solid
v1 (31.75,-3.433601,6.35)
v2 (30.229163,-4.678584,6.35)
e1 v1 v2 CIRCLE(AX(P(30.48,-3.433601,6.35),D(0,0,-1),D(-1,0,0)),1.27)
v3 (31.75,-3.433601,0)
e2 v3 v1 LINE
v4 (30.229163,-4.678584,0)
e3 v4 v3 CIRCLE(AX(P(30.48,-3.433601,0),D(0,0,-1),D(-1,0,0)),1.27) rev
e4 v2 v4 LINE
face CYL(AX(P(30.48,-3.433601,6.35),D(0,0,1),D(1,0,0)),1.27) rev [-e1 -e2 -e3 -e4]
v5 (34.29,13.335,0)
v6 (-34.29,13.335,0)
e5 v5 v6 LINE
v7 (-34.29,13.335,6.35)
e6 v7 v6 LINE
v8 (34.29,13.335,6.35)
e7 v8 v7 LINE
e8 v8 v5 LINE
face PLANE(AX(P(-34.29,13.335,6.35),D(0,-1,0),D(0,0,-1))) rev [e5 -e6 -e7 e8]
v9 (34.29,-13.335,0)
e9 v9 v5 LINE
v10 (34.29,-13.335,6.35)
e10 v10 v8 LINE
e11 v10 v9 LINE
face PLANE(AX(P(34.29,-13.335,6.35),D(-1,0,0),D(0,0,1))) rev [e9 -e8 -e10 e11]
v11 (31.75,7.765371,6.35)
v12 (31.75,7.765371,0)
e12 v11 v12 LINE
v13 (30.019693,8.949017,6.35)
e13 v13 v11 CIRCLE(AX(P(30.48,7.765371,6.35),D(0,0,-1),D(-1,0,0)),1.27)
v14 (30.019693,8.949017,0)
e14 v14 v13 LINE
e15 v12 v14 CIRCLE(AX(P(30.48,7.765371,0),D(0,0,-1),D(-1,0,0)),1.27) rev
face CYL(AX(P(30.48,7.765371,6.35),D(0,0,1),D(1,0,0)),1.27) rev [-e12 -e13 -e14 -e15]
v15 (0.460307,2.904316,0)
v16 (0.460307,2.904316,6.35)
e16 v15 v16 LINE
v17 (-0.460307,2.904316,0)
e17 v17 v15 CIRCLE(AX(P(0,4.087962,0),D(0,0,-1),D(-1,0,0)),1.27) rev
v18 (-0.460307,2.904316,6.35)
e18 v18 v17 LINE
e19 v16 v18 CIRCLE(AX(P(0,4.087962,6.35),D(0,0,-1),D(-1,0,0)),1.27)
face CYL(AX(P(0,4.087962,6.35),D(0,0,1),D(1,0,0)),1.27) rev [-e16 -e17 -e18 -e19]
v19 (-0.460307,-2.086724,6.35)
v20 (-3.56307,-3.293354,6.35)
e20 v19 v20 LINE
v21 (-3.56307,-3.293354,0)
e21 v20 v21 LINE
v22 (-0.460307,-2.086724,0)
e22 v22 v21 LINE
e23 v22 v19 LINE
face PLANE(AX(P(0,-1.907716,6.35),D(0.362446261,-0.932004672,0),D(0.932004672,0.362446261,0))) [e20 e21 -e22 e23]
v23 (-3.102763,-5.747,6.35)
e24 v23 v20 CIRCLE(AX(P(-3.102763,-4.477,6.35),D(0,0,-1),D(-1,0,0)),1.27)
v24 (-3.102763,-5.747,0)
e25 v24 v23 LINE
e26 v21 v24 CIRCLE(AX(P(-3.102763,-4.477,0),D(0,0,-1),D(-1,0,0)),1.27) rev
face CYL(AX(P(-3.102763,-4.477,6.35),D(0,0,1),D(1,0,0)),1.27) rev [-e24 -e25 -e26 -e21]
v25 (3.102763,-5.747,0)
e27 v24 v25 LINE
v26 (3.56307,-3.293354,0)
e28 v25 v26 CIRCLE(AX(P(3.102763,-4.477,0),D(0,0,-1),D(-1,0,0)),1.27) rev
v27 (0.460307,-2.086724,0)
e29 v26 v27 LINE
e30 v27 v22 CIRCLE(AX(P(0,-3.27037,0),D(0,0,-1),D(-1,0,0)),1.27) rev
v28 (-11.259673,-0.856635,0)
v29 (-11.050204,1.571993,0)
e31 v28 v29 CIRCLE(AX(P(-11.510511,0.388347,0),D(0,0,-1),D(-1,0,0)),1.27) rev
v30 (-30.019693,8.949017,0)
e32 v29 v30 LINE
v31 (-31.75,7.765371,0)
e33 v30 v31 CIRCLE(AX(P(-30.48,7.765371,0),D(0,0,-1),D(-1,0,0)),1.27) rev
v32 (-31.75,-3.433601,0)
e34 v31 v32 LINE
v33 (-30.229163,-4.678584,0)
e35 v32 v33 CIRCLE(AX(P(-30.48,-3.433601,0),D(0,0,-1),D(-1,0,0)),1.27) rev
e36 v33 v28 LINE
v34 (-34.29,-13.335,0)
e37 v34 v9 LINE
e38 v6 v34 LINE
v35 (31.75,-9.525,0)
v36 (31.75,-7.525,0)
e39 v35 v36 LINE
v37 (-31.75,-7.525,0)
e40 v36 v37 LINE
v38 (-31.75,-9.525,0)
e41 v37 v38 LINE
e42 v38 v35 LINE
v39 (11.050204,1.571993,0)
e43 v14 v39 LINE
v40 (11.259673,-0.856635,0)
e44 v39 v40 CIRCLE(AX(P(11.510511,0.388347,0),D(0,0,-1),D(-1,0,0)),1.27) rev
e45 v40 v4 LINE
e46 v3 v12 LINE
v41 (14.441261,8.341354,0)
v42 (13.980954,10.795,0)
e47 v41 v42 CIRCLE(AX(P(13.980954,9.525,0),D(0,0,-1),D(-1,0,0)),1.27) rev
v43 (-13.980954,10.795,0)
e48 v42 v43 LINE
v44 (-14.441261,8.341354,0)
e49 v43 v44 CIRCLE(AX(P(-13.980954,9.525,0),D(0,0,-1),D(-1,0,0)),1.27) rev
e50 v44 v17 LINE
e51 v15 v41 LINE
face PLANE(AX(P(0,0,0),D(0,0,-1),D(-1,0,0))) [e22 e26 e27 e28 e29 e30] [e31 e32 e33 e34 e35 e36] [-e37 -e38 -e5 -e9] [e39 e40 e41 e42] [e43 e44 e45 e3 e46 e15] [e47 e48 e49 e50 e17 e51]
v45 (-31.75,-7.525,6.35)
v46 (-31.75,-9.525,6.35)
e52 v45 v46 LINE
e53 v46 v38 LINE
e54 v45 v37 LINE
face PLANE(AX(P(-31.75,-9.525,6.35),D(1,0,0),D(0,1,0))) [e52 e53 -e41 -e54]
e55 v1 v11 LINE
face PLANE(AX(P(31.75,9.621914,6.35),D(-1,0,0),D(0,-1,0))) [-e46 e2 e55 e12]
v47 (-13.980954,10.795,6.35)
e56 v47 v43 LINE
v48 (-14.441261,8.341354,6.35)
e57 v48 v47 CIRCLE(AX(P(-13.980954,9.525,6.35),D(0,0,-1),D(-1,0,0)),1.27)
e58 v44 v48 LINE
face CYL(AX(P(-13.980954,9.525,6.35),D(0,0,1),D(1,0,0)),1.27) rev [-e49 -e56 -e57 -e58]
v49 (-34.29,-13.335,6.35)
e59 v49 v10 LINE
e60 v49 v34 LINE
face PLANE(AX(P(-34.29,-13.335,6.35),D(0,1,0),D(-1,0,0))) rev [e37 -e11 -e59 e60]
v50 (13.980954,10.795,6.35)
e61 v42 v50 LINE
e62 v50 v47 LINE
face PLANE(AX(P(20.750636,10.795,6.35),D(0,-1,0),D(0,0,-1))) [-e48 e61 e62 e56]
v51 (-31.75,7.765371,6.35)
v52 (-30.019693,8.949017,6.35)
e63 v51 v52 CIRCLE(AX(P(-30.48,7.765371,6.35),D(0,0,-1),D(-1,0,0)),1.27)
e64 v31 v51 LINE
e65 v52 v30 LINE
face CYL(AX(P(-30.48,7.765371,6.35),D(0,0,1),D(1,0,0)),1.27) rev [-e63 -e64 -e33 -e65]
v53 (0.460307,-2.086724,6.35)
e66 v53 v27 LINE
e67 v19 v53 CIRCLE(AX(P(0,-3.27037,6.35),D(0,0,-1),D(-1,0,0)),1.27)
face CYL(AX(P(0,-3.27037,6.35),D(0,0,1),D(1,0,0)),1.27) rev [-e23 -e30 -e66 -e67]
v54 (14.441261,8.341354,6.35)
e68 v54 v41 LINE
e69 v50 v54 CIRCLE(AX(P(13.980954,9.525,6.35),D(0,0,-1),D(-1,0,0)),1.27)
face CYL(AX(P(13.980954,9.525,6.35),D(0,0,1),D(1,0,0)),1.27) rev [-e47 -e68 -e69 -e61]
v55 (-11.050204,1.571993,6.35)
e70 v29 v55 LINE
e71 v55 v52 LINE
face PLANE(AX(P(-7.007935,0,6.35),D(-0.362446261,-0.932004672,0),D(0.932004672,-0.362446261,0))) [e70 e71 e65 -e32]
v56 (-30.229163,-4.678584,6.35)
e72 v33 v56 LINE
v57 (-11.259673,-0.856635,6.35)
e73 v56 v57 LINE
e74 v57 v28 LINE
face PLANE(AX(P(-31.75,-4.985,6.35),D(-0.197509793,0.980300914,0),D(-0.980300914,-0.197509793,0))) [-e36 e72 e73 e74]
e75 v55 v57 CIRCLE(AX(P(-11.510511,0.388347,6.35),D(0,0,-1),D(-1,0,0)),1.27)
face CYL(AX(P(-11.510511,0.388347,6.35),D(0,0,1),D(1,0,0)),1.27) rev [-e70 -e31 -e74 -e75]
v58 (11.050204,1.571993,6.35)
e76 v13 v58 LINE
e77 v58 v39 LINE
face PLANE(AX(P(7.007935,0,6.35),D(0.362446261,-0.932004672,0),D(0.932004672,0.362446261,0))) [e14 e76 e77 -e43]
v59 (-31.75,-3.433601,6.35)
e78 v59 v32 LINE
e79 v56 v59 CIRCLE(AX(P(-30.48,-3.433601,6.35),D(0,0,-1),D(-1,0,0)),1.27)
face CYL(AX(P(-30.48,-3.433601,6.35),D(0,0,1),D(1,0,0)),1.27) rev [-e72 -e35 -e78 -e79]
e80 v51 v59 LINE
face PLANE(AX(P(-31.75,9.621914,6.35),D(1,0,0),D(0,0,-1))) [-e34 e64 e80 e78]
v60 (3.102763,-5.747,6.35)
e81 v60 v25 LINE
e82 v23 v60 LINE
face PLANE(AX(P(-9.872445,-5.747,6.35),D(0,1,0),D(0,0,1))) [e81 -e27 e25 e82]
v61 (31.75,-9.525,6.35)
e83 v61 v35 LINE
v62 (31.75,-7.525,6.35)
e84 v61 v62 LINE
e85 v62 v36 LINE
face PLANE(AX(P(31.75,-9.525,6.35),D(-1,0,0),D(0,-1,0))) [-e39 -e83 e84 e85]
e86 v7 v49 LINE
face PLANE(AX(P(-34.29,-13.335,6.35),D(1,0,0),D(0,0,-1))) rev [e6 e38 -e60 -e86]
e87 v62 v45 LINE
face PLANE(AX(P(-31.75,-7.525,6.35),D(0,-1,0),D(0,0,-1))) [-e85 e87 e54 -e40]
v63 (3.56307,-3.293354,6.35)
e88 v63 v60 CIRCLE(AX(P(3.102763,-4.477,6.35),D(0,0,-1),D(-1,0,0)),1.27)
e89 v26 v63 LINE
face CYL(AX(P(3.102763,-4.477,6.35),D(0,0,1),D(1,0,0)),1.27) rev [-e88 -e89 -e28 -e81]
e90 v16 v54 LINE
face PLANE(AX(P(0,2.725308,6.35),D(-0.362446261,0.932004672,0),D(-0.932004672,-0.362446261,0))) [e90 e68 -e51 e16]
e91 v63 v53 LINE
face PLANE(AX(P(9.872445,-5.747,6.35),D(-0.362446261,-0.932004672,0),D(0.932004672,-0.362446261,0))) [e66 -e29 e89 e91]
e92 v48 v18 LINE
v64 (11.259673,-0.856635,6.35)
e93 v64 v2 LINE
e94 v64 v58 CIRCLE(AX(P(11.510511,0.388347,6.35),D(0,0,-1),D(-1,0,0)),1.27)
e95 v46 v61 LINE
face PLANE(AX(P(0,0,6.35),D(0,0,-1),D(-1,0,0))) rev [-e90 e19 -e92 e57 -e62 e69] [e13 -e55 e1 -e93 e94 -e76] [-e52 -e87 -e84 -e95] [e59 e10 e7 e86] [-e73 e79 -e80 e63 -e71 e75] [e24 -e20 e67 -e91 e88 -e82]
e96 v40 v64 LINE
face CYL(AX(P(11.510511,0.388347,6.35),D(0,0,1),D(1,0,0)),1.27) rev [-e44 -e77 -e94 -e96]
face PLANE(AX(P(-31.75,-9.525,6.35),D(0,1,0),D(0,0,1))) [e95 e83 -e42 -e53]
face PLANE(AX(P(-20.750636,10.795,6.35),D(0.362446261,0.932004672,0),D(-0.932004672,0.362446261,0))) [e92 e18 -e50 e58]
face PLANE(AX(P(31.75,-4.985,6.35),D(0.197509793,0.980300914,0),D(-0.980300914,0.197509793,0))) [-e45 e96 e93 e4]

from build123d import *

# Parameters (mm, degrees)
SKETCH1_W           = 68.58
SKETCH1_H           = 26.67
SKETCH1_W_2         = 63.5
SKETCH1_H_2         = 2
BOSS_EXTRUDE1_DEPTH = 6.35
FILLET1_R           = 1.27


with BuildPart() as part:
    # Sketch1 → Boss-Extrude1 (new body)
    with BuildSketch(Plane.XY):
        Rectangle(SKETCH1_W, SKETCH1_H)
        Polygon((-20.750635985, 10.795), (0, 2.725308228), (20.750635985, 10.795), align=None, mode=Mode.SUBTRACT)
        with Locations((0, -8.525)):
            Rectangle(SKETCH1_W_2, SKETCH1_H_2, mode=Mode.SUBTRACT)
        Polygon((-31.75, 9.621913994), (-31.75, -4.985), (-7.007935444, 0), align=None, mode=Mode.SUBTRACT)
        Polygon((7.007935444, 0), (31.75, 9.621913994), (31.75, -4.985), align=None, mode=Mode.SUBTRACT)
        Polygon((0, -1.90771576), (-9.872445189, -5.747), (9.872445189, -5.747), align=None, mode=Mode.SUBTRACT)
    extrude(amount=BOSS_EXTRUDE1_DEPTH)

    # Fillet1
    fillet1_edges = [part.edges().sort_by_distance(p)[0] for p in [
        (20.750635985, 10.795, 3.175),
        (-20.750635985, 10.795, 3.175),
        (0, 2.725308228, 3.175),
        (-7.007935444, 0, 3.175),
        (-31.75, 9.621913994, 3.175),
        (-31.75, -4.985, 3.175),
        (7.007935444, 0, 3.175),
        (31.75, -4.985, 3.175),
        (31.75, 9.621913994, 3.175),
        (9.872445189, -5.747, 3.175),
        (0, -1.90771576, 3.175),
        (-9.872445189, -5.747, 3.175),
    ]]
    fillet(fillet1_edges, radius=FILLET1_R)


solid = part.part
